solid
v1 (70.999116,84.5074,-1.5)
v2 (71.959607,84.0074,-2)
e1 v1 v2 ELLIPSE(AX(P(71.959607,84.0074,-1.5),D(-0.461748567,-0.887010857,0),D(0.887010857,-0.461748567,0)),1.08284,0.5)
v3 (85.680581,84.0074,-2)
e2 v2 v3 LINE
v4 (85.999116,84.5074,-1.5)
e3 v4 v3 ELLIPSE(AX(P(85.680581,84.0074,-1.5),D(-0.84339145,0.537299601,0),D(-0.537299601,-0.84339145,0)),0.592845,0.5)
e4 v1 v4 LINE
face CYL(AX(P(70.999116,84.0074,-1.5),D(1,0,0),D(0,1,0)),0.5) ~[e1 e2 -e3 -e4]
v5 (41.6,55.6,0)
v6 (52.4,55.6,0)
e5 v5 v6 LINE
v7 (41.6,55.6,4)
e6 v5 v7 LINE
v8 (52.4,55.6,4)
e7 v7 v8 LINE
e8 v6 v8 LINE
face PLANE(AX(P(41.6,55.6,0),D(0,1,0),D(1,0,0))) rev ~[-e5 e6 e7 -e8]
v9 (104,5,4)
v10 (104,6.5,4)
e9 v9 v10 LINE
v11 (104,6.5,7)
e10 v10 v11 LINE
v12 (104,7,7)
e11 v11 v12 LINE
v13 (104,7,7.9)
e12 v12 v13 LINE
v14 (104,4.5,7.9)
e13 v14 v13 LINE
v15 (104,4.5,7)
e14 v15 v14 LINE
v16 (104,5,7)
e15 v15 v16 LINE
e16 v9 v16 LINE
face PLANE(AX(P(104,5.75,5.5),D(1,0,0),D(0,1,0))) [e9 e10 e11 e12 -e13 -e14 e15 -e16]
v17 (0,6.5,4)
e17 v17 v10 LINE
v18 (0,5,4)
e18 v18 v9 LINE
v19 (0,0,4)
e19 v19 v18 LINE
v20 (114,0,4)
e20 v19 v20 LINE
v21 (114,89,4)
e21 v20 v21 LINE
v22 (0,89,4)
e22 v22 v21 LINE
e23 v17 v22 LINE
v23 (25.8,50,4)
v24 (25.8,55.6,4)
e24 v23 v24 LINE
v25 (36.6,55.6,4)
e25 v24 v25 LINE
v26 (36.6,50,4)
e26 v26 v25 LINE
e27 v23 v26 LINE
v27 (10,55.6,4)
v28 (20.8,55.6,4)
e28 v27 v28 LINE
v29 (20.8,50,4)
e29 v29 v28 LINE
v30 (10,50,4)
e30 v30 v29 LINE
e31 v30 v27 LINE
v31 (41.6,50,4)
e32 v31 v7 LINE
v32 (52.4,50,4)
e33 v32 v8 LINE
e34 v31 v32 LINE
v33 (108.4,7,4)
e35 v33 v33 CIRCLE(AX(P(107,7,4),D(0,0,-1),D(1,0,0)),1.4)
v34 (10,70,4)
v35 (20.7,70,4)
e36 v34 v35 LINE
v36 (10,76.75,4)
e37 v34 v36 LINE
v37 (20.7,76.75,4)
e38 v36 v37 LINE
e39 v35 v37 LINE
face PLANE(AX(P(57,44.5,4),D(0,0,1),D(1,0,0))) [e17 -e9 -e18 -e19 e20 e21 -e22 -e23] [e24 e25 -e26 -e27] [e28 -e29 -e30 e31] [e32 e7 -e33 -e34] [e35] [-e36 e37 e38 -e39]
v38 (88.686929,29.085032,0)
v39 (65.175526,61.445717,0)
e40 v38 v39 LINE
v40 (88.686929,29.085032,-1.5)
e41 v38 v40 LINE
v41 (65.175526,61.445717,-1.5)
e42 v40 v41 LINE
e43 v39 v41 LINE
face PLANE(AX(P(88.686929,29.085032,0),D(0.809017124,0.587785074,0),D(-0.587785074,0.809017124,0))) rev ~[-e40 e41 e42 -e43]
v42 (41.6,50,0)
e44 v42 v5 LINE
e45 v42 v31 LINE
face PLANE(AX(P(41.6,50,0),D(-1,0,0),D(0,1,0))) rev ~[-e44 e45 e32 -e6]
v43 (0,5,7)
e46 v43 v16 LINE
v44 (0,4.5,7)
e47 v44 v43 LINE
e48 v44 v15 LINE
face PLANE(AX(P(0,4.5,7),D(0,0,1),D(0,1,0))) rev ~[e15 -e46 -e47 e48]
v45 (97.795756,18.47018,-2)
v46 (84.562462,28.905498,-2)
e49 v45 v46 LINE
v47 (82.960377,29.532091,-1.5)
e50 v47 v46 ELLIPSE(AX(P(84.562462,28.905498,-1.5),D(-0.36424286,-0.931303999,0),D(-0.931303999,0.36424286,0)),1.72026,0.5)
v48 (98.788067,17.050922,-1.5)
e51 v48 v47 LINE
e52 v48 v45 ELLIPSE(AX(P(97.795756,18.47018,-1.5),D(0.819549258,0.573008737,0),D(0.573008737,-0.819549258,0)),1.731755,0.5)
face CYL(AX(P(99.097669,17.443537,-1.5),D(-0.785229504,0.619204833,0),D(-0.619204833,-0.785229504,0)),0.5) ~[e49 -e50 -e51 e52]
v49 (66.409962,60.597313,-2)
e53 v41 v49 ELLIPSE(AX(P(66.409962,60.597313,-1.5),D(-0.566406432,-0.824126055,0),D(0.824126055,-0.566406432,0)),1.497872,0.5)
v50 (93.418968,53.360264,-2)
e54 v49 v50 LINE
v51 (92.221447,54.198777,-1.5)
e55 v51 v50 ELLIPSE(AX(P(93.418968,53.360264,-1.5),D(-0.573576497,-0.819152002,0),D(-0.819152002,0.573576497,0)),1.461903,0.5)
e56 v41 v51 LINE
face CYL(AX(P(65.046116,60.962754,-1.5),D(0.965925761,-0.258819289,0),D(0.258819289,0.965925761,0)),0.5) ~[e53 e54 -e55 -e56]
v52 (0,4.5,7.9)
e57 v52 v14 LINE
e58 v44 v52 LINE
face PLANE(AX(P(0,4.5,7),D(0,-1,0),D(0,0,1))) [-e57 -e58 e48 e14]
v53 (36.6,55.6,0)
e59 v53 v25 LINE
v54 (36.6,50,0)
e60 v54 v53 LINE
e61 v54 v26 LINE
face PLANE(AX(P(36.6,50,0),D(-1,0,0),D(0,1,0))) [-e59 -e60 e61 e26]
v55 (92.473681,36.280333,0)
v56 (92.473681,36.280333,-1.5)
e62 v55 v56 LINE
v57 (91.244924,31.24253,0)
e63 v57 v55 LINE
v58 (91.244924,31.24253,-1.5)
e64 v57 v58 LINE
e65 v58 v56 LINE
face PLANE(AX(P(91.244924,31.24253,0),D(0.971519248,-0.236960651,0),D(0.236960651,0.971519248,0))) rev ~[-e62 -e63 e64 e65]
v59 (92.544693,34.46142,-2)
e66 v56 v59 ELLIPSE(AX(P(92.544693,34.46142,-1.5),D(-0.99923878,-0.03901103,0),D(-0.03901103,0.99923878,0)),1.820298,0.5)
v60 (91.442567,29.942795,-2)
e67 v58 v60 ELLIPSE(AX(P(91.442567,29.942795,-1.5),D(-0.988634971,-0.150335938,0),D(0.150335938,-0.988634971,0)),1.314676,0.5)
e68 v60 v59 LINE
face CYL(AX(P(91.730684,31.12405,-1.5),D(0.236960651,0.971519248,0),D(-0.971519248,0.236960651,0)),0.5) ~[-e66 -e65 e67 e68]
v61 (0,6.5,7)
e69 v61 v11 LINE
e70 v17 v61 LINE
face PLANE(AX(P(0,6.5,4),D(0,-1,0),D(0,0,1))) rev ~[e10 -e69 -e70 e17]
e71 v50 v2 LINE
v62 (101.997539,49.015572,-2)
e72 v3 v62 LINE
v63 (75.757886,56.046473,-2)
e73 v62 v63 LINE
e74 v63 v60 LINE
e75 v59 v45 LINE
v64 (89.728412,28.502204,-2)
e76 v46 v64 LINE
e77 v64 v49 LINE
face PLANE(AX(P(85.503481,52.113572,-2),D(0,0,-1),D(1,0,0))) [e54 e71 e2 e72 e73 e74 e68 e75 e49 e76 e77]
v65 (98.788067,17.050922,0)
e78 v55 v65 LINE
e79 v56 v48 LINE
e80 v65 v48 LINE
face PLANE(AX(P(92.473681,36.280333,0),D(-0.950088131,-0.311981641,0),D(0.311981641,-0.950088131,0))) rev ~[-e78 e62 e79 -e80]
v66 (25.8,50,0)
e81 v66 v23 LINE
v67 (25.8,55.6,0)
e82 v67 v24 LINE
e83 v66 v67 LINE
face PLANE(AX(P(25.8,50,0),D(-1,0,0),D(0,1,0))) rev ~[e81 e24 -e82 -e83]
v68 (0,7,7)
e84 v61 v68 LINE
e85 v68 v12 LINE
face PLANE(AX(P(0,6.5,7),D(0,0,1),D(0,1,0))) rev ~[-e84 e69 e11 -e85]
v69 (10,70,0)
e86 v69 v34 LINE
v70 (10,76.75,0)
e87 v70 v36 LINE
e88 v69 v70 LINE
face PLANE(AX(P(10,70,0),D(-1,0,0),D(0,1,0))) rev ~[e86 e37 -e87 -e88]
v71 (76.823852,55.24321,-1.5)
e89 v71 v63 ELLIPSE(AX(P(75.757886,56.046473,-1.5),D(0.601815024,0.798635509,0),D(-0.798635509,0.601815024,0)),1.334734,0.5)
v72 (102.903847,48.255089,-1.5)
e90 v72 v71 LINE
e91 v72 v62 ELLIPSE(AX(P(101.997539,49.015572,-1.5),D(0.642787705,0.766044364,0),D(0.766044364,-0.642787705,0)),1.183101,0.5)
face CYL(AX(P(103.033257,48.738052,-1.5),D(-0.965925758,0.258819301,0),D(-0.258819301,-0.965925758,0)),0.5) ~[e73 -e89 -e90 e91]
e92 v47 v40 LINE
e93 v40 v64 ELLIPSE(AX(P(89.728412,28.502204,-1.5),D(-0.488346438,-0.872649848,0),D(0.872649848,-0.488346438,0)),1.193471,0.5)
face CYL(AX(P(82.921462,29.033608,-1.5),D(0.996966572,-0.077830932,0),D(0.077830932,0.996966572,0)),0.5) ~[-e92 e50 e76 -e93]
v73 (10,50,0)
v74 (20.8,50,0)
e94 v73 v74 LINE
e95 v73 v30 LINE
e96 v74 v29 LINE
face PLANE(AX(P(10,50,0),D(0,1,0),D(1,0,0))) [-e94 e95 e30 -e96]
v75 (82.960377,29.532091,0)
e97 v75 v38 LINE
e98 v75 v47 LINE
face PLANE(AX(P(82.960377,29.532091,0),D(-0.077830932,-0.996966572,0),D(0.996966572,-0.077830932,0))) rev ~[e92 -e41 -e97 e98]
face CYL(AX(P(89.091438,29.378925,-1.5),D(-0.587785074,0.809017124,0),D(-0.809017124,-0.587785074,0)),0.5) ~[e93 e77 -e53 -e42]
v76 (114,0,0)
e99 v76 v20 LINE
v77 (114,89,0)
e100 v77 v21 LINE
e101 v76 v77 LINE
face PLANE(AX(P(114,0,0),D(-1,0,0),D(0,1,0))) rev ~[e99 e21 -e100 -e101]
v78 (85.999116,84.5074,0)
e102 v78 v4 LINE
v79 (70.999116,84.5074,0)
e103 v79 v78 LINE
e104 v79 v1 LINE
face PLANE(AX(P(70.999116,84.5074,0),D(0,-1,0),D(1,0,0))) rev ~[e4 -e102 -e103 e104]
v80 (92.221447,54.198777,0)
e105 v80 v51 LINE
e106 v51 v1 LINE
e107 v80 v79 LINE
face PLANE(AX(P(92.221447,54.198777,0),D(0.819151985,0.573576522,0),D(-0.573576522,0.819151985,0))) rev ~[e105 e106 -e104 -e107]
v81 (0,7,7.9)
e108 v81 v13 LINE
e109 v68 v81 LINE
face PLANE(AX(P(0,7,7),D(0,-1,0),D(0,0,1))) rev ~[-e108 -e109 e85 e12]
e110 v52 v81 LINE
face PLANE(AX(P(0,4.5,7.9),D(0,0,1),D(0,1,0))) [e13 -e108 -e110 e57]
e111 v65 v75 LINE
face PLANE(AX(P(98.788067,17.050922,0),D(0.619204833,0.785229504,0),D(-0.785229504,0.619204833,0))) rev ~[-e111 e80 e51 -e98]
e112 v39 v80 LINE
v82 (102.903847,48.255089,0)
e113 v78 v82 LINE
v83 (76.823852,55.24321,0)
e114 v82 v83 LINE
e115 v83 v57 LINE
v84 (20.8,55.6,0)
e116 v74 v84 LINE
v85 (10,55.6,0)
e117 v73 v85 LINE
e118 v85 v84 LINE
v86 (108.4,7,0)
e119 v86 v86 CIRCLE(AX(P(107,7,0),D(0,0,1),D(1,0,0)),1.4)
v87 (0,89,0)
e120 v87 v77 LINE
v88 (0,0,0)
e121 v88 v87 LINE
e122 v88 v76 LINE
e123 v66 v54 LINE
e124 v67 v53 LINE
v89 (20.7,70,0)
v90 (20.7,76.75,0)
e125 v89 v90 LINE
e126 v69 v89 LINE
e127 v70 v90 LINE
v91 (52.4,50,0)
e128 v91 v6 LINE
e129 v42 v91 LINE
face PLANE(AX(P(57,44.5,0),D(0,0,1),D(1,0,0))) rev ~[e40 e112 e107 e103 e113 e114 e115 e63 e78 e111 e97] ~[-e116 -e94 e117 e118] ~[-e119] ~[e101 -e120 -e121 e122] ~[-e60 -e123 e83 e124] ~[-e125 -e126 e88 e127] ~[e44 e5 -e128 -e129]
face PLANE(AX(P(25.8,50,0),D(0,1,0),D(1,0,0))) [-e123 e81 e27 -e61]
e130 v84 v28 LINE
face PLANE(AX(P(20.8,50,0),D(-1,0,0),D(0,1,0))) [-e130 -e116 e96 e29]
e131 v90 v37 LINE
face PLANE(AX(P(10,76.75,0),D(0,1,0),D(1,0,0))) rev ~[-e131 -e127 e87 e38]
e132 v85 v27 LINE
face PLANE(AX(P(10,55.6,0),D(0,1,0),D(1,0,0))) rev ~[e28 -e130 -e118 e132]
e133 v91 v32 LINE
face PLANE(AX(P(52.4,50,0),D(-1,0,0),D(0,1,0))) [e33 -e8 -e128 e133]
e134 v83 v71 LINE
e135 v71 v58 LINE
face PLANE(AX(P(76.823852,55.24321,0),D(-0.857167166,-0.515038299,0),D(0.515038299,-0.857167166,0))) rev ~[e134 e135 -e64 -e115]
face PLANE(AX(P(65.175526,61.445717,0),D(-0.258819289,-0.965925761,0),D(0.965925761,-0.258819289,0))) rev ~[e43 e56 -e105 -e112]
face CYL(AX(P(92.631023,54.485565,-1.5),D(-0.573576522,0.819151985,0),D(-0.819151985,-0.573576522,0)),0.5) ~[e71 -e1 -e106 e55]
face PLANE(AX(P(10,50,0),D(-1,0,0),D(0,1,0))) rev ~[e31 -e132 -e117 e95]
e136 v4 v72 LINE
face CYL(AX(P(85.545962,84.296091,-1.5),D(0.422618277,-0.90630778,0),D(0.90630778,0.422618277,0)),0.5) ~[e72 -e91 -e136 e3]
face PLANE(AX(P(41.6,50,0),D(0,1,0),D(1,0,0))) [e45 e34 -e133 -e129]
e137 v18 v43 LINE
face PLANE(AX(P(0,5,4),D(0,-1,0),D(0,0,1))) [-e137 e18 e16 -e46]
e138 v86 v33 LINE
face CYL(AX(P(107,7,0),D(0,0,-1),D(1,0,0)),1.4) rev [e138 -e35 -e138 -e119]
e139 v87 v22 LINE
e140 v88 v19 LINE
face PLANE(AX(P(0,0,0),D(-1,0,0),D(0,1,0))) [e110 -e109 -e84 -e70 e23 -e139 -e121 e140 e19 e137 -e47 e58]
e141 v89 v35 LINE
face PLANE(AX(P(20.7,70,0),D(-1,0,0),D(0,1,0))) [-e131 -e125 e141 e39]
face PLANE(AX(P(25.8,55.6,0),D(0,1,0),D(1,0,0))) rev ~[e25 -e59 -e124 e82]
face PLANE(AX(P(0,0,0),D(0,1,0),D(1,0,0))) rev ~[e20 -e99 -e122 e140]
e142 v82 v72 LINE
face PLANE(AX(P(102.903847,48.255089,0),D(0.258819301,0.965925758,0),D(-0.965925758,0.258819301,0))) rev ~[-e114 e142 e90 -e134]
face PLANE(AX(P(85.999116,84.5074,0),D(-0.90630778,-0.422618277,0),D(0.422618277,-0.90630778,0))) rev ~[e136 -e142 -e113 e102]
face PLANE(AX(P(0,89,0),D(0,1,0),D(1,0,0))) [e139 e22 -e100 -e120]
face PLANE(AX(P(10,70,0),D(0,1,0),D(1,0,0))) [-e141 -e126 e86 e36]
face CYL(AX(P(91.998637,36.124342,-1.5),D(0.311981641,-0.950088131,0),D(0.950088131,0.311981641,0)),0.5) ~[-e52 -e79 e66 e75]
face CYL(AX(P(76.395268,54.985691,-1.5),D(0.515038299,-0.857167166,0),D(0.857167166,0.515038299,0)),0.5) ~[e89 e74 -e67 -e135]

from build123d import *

# Parameters (mm, degrees)
SKETCH158_W   = 114
SKETCH158_H   = 89
SKETCH158_W_2 = 10.8
SKETCH158_H_2 = 5.6
SKETCH158_W_3 = 10.7
SKETCH158_H_3 = 6.75
PAD_DEPTH     = 4
PAD001_DEPTH  = 2
FILLET_R      = 0.5
SKETCH160_W   = 1.5
SKETCH160_H   = 3
SKETCH160_W_2 = 2.5
SKETCH160_H_2 = 0.9
PAD003_DEPTH  = 104
SKETCH161_R   = 1.4
POCKET_DEPTH  = 5


with BuildPart() as part:
    # Sketch158 → Pad (new body)
    with BuildSketch(Plane.XY):
        with Locations((57, 44.5)):
            Rectangle(SKETCH158_W, SKETCH158_H)
        with Locations((31.2, 52.8)):
            Rectangle(SKETCH158_W_2, SKETCH158_H_2, mode=Mode.SUBTRACT)
        with Locations((47, 52.8)):
            Rectangle(SKETCH158_W_2, SKETCH158_H_2, mode=Mode.SUBTRACT)
        with Locations((15.4, 52.8)):
            Rectangle(SKETCH158_W_2, SKETCH158_H_2, mode=Mode.SUBTRACT)
        with Locations((15.35, 73.375)):
            Rectangle(SKETCH158_W_3, SKETCH158_H_3, mode=Mode.SUBTRACT)
    extrude(amount=PAD_DEPTH)

    # Sketch159 → Pad001 (join)
    with BuildSketch(Plane(origin=(0, 0, 0), x_dir=(1, 0, 0), z_dir=(0, 0, -1))):
        Polygon((70.999116, -84.5074), (85.999116, -84.5074), (102.903847, -48.255089), (76.823852, -55.24321), (91.244924, -31.24253), (92.473681, -36.280333), (98.788067, -17.050922), (82.960377, -29.532091), (88.686929, -29.085032), (65.175526, -61.445717), (92.221447, -54.198777), align=None)
    extrude(amount=PAD001_DEPTH)

    # Fillet
    fillet_edges = [part.edges().sort_by_distance(p)[0] for p in [
        (94.451481, 66.381245, -2),
        (78.499116, 84.5074, -2),
        (81.610281, 69.353088, -2),
        (78.698487, 57.822247, -2),
        (89.86385, 51.74915, -2),
        (84.034388, 43.24287, -2),
        (91.859302, 33.761432, -2),
        (95.630874, 26.665627, -2),
        (90.874222, 23.291507, -2),
        (85.823653, 29.308561, -2),
        (76.931228, 45.265374, -2),
    ]]
    fillet(fillet_edges, radius=FILLET_R)

    # Sketch160 → Pad003 (join)
    with BuildSketch(Plane.YZ):
        with Locations((5.75, 5.5)):
            Rectangle(SKETCH160_W, SKETCH160_H)
        with Locations((5.75, 7.45)):
            Rectangle(SKETCH160_W_2, SKETCH160_H_2)
    extrude(amount=PAD003_DEPTH)

    # Sketch161 → Pocket (cut)
    with BuildSketch(Plane.XY):
        with Locations((107, 7)):
            Circle(SKETCH161_R)
    extrude(amount=POCKET_DEPTH, mode=Mode.SUBTRACT)


solid = part.part
